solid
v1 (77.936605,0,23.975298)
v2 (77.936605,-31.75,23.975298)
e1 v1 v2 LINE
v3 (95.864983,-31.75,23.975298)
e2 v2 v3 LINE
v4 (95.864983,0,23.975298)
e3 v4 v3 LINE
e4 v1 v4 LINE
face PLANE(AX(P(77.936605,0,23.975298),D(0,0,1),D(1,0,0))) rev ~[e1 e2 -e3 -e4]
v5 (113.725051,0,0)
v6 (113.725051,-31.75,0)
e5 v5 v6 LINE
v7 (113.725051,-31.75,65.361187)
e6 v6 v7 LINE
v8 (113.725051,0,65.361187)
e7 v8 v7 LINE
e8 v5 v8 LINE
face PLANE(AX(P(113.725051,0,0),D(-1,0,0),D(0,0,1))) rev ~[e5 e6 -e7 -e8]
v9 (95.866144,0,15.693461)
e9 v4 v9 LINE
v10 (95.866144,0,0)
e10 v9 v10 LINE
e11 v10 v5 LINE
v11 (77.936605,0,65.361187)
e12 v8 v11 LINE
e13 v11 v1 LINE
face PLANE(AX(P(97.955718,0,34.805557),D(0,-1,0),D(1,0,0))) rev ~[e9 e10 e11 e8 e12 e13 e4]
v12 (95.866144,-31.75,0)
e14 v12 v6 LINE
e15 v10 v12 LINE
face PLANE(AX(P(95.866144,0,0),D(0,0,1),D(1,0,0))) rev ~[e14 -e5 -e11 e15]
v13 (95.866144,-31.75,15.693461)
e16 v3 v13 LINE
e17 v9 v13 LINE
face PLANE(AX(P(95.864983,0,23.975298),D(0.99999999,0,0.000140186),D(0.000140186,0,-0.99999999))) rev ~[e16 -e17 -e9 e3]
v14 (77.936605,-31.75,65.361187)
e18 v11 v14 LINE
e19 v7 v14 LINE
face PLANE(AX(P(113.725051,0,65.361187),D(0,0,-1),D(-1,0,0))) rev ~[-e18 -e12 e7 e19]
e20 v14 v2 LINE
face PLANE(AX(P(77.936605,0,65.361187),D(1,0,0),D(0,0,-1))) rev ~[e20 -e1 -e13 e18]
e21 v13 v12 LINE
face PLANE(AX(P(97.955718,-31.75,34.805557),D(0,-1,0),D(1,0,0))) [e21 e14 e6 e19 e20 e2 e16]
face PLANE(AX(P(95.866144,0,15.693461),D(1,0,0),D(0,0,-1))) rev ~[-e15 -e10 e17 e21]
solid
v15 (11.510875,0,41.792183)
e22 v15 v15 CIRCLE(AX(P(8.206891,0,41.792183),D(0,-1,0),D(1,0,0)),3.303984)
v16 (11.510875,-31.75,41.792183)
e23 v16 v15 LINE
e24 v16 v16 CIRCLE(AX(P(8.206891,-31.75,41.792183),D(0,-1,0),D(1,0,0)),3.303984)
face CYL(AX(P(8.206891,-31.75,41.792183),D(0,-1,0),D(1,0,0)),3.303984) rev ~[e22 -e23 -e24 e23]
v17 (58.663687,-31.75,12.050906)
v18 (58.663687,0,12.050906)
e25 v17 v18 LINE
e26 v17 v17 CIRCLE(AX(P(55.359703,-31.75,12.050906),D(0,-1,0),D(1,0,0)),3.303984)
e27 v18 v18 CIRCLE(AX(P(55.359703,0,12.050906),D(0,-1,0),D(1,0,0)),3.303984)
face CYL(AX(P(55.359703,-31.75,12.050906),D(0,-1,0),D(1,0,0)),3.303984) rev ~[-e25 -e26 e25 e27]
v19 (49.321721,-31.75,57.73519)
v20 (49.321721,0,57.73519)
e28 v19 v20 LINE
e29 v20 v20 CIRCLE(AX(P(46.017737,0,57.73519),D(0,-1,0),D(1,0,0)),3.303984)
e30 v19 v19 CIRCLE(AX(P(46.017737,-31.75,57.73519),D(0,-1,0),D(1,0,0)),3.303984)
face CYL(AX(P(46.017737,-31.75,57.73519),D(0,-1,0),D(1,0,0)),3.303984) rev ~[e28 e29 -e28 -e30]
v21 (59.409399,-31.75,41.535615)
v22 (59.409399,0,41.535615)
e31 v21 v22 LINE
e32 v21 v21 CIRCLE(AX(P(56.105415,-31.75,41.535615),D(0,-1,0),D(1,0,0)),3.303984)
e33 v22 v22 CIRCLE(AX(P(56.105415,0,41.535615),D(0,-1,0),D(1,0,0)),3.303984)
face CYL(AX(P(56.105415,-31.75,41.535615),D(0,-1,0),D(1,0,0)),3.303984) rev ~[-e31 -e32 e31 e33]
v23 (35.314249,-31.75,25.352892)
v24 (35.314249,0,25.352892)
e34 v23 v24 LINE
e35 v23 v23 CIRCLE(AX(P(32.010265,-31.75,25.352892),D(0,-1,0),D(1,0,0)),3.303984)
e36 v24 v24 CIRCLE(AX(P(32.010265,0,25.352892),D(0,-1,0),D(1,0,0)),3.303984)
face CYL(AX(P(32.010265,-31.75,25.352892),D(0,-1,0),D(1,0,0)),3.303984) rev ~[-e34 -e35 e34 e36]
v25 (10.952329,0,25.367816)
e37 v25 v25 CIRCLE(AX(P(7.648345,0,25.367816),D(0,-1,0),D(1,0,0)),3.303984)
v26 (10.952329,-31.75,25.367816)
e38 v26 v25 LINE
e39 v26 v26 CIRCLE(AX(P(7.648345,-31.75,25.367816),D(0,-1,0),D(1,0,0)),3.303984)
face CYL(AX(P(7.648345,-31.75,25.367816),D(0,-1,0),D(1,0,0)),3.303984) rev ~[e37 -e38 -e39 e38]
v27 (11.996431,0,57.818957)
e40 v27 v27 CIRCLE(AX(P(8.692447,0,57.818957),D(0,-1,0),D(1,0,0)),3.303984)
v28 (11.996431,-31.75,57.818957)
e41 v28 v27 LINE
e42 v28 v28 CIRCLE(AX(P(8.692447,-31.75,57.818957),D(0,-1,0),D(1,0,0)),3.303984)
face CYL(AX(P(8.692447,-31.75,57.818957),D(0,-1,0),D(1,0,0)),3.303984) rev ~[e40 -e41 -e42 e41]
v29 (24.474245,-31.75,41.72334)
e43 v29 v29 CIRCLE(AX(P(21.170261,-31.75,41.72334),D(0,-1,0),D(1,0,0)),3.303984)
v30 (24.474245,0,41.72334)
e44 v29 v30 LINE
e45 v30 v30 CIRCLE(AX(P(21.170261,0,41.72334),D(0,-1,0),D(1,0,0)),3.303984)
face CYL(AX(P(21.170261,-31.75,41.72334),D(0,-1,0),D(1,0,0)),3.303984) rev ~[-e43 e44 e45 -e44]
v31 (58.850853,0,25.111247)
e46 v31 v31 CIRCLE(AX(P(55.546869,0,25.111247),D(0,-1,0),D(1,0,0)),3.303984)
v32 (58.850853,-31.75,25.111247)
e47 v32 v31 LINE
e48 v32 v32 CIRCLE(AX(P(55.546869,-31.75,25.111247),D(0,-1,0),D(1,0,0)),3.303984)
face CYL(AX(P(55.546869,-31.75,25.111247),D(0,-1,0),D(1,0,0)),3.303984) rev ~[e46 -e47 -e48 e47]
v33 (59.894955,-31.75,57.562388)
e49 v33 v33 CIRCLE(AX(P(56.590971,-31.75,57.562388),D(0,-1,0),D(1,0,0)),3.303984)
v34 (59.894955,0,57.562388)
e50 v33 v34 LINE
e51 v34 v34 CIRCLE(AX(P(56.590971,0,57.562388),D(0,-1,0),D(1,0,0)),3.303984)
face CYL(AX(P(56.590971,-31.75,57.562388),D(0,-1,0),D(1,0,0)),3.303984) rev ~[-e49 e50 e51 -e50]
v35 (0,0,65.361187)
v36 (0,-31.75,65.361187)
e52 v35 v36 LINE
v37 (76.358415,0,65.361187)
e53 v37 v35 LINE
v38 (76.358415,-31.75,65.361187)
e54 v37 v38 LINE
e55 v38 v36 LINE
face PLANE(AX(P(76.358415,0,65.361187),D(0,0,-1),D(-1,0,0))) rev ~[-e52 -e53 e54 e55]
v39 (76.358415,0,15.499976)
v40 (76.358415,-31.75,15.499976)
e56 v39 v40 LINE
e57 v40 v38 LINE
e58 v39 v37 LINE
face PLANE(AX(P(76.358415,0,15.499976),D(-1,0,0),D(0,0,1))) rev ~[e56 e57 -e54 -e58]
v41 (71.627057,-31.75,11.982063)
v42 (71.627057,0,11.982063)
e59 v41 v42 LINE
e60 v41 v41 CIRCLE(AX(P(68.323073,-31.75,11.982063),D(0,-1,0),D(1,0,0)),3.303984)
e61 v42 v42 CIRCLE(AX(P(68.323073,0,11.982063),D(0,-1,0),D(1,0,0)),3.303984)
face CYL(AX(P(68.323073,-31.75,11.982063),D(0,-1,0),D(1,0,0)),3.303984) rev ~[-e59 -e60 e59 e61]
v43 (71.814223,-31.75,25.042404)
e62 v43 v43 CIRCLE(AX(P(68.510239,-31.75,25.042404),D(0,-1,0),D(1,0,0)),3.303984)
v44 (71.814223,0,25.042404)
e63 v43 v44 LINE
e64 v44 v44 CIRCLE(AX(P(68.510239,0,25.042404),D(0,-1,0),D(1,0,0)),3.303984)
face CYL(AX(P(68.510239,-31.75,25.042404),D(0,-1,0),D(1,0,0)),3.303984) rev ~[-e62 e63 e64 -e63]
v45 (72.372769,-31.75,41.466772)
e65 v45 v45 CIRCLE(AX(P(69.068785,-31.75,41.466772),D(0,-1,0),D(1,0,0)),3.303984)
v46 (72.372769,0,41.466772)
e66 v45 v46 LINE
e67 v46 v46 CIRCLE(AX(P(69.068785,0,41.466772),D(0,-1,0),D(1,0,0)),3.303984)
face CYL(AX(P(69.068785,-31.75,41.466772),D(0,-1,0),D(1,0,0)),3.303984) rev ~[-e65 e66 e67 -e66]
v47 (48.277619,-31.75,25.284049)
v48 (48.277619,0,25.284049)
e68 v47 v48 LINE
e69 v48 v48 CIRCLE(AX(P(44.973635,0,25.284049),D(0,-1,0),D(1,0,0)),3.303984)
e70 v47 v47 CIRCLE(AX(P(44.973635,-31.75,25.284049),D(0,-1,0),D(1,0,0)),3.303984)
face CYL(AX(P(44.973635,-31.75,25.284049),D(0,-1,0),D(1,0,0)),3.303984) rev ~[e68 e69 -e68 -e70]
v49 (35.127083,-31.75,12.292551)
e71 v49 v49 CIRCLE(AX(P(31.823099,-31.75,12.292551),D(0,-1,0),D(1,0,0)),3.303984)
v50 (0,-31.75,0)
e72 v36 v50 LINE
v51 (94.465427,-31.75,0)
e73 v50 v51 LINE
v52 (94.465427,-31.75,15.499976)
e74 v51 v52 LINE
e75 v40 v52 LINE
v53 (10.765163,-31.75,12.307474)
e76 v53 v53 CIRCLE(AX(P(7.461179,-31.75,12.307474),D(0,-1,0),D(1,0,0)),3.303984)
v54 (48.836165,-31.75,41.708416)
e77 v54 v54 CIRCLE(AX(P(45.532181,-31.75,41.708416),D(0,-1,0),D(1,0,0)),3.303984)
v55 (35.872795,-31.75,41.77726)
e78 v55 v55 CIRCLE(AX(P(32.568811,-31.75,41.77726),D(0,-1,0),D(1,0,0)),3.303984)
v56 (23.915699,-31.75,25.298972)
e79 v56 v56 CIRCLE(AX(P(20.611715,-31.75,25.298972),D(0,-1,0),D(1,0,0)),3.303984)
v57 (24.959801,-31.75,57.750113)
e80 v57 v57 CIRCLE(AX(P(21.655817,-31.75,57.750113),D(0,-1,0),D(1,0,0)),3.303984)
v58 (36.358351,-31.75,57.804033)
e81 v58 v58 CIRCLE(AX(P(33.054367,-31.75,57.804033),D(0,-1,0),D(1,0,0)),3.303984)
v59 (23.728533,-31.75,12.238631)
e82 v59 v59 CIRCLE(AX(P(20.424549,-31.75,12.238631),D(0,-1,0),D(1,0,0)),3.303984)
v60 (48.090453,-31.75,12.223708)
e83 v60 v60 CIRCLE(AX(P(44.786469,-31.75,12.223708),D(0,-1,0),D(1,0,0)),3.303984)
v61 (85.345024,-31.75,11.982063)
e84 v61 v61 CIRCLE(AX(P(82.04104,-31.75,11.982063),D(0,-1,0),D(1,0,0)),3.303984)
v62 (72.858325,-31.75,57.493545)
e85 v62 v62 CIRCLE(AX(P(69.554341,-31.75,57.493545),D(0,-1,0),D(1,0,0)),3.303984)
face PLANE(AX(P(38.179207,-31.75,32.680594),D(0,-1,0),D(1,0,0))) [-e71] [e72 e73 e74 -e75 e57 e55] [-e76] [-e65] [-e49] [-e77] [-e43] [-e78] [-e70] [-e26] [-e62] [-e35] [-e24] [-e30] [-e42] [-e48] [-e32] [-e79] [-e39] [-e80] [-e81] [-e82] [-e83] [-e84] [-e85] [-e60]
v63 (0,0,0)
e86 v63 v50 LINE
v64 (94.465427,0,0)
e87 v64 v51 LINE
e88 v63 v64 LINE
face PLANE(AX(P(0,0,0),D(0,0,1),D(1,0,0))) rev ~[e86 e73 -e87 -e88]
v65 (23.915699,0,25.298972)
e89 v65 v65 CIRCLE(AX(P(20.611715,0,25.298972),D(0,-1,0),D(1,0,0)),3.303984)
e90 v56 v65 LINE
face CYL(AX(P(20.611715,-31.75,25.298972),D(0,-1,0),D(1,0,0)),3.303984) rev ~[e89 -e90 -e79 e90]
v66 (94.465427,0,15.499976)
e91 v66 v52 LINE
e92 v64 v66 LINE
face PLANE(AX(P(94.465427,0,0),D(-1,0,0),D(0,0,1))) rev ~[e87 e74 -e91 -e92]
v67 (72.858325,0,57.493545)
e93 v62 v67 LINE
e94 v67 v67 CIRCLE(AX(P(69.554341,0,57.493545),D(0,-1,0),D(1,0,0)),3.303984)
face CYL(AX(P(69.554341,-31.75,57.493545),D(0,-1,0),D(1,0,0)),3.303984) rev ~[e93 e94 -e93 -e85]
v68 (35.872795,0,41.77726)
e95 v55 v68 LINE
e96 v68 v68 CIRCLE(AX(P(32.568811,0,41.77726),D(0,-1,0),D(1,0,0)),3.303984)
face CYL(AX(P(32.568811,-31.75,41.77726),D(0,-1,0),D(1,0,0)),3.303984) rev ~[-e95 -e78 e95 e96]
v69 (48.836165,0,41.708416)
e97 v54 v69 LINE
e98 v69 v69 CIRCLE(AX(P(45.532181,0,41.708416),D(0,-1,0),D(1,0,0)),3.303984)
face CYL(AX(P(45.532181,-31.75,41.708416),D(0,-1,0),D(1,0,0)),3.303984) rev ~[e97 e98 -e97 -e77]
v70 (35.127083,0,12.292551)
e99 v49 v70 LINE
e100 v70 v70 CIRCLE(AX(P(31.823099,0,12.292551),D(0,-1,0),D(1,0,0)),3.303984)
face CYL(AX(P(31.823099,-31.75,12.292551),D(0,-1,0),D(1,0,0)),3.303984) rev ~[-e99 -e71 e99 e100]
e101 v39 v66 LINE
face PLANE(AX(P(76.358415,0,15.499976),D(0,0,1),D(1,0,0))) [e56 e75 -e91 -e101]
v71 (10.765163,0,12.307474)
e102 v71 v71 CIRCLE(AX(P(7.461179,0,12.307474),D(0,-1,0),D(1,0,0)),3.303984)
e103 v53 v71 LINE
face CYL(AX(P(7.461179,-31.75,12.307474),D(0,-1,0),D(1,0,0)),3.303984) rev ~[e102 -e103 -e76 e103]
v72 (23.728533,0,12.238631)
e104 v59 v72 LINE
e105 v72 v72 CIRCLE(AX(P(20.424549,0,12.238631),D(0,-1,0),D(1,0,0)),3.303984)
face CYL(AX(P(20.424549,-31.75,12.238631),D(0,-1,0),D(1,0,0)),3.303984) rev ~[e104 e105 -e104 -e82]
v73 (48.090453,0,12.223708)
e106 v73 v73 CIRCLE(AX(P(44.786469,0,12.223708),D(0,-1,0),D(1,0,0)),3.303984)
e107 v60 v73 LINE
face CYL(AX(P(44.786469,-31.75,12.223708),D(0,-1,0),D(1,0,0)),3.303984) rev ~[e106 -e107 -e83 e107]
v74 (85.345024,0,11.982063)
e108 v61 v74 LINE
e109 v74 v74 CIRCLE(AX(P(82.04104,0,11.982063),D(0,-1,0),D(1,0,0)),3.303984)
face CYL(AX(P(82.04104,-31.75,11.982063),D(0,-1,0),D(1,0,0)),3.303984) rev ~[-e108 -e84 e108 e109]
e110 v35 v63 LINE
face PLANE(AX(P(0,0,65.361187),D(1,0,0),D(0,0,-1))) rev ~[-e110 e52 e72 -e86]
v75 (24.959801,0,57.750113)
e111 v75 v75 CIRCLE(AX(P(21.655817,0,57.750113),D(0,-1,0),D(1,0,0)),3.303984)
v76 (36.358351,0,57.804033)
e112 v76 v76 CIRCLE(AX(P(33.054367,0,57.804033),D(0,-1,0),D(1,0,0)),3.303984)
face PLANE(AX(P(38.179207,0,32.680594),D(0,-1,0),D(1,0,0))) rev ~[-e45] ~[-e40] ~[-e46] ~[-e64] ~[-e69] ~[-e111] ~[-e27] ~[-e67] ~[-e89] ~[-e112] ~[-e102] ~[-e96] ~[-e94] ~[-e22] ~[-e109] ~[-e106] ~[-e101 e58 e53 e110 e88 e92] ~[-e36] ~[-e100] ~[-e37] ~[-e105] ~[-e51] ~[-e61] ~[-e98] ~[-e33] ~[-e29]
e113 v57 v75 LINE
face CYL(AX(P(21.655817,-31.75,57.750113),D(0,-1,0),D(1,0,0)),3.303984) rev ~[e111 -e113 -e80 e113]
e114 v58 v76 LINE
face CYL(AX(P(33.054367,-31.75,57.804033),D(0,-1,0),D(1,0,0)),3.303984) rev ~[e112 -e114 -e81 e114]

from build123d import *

# Parameters (mm, degrees)
F0_W     = 18.107012
F0_H     = 15.499976
F1_DEPTH = 31.75
F2_R     = 3.303984
F3_DEPTH = 37.592
F4_DEPTH = 31.75


with BuildPart() as f1:
    # F0 (on Front) → F1 (new body)
    with BuildSketch(Plane.XZ):
        Polygon((0, 65.361187), (0, 0), (76.358415, 0), (76.358415, 15.499976), (76.358415, 65.361187), align=None)
        with Locations((85.411921, 7.749988)):
            Rectangle(F0_W, F0_H)
    extrude(amount=F1_DEPTH)

    # F2 (on face) → F3 (cut)
    with BuildSketch(Plane.XZ.offset(31.75)):
        with Locations((20.611715, 25.298972)):
            Circle(F2_R)
        with Locations((32.010265, 25.352892)):
            Circle(F2_R)
        with Locations((44.973635, 25.284049)):
            Circle(F2_R)
        with Locations((55.546869, 25.111247)):
            Circle(F2_R)
        with Locations((7.461179, 12.307474)):
            Circle(F2_R)
        with Locations((31.823099, 12.292551)):
            Circle(F2_R)
        with Locations((55.359703, 12.050906)):
            Circle(F2_R)
        with Locations((68.510239, 25.042404)):
            Circle(F2_R)
        with Locations((20.424549, 12.238631)):
            Circle(F2_R)
        with Locations((44.786469, 12.223708)):
            Circle(F2_R)
        with Locations((68.323073, 11.982063)):
            Circle(F2_R)
        with Locations((7.648345, 25.367816)):
            Circle(F2_R)
        with Locations((69.068785, 41.466772)):
            Circle(F2_R)
        with Locations((56.105415, 41.535615)):
            Circle(F2_R)
        with Locations((45.532181, 41.708416)):
            Circle(F2_R)
        with Locations((32.568811, 41.77726)):
            Circle(F2_R)
        with Locations((21.170261, 41.72334)):
            Circle(F2_R)
        with Locations((8.206891, 41.792183)):
            Circle(F2_R)
        with Locations((69.554341, 57.493545)):
            Circle(F2_R)
        with Locations((56.590971, 57.562388)):
            Circle(F2_R)
        with Locations((46.017737, 57.73519)):
            Circle(F2_R)
        with Locations((33.054367, 57.804033)):
            Circle(F2_R)
        with Locations((21.655817, 57.750113)):
            Circle(F2_R)
        with Locations((8.692447, 57.818957)):
            Circle(F2_R)
        with Locations((82.04104, 11.982063)):
            Circle(F2_R)
    extrude(amount=-F3_DEPTH, mode=Mode.SUBTRACT)


with BuildPart() as f4:
    # F0 (on Front) → F4 (new body)
    with BuildSketch(Plane.XZ):
        Polygon((95.866144, 15.693461), (95.866144, 0), (113.725051, 0), (113.725051, 65.361187), (77.936605, 65.361187), (77.936605, 23.975298), (95.864983, 23.975298), align=None)
    extrude(amount=F4_DEPTH)


solid = Compound([f1.part, f4.part])
